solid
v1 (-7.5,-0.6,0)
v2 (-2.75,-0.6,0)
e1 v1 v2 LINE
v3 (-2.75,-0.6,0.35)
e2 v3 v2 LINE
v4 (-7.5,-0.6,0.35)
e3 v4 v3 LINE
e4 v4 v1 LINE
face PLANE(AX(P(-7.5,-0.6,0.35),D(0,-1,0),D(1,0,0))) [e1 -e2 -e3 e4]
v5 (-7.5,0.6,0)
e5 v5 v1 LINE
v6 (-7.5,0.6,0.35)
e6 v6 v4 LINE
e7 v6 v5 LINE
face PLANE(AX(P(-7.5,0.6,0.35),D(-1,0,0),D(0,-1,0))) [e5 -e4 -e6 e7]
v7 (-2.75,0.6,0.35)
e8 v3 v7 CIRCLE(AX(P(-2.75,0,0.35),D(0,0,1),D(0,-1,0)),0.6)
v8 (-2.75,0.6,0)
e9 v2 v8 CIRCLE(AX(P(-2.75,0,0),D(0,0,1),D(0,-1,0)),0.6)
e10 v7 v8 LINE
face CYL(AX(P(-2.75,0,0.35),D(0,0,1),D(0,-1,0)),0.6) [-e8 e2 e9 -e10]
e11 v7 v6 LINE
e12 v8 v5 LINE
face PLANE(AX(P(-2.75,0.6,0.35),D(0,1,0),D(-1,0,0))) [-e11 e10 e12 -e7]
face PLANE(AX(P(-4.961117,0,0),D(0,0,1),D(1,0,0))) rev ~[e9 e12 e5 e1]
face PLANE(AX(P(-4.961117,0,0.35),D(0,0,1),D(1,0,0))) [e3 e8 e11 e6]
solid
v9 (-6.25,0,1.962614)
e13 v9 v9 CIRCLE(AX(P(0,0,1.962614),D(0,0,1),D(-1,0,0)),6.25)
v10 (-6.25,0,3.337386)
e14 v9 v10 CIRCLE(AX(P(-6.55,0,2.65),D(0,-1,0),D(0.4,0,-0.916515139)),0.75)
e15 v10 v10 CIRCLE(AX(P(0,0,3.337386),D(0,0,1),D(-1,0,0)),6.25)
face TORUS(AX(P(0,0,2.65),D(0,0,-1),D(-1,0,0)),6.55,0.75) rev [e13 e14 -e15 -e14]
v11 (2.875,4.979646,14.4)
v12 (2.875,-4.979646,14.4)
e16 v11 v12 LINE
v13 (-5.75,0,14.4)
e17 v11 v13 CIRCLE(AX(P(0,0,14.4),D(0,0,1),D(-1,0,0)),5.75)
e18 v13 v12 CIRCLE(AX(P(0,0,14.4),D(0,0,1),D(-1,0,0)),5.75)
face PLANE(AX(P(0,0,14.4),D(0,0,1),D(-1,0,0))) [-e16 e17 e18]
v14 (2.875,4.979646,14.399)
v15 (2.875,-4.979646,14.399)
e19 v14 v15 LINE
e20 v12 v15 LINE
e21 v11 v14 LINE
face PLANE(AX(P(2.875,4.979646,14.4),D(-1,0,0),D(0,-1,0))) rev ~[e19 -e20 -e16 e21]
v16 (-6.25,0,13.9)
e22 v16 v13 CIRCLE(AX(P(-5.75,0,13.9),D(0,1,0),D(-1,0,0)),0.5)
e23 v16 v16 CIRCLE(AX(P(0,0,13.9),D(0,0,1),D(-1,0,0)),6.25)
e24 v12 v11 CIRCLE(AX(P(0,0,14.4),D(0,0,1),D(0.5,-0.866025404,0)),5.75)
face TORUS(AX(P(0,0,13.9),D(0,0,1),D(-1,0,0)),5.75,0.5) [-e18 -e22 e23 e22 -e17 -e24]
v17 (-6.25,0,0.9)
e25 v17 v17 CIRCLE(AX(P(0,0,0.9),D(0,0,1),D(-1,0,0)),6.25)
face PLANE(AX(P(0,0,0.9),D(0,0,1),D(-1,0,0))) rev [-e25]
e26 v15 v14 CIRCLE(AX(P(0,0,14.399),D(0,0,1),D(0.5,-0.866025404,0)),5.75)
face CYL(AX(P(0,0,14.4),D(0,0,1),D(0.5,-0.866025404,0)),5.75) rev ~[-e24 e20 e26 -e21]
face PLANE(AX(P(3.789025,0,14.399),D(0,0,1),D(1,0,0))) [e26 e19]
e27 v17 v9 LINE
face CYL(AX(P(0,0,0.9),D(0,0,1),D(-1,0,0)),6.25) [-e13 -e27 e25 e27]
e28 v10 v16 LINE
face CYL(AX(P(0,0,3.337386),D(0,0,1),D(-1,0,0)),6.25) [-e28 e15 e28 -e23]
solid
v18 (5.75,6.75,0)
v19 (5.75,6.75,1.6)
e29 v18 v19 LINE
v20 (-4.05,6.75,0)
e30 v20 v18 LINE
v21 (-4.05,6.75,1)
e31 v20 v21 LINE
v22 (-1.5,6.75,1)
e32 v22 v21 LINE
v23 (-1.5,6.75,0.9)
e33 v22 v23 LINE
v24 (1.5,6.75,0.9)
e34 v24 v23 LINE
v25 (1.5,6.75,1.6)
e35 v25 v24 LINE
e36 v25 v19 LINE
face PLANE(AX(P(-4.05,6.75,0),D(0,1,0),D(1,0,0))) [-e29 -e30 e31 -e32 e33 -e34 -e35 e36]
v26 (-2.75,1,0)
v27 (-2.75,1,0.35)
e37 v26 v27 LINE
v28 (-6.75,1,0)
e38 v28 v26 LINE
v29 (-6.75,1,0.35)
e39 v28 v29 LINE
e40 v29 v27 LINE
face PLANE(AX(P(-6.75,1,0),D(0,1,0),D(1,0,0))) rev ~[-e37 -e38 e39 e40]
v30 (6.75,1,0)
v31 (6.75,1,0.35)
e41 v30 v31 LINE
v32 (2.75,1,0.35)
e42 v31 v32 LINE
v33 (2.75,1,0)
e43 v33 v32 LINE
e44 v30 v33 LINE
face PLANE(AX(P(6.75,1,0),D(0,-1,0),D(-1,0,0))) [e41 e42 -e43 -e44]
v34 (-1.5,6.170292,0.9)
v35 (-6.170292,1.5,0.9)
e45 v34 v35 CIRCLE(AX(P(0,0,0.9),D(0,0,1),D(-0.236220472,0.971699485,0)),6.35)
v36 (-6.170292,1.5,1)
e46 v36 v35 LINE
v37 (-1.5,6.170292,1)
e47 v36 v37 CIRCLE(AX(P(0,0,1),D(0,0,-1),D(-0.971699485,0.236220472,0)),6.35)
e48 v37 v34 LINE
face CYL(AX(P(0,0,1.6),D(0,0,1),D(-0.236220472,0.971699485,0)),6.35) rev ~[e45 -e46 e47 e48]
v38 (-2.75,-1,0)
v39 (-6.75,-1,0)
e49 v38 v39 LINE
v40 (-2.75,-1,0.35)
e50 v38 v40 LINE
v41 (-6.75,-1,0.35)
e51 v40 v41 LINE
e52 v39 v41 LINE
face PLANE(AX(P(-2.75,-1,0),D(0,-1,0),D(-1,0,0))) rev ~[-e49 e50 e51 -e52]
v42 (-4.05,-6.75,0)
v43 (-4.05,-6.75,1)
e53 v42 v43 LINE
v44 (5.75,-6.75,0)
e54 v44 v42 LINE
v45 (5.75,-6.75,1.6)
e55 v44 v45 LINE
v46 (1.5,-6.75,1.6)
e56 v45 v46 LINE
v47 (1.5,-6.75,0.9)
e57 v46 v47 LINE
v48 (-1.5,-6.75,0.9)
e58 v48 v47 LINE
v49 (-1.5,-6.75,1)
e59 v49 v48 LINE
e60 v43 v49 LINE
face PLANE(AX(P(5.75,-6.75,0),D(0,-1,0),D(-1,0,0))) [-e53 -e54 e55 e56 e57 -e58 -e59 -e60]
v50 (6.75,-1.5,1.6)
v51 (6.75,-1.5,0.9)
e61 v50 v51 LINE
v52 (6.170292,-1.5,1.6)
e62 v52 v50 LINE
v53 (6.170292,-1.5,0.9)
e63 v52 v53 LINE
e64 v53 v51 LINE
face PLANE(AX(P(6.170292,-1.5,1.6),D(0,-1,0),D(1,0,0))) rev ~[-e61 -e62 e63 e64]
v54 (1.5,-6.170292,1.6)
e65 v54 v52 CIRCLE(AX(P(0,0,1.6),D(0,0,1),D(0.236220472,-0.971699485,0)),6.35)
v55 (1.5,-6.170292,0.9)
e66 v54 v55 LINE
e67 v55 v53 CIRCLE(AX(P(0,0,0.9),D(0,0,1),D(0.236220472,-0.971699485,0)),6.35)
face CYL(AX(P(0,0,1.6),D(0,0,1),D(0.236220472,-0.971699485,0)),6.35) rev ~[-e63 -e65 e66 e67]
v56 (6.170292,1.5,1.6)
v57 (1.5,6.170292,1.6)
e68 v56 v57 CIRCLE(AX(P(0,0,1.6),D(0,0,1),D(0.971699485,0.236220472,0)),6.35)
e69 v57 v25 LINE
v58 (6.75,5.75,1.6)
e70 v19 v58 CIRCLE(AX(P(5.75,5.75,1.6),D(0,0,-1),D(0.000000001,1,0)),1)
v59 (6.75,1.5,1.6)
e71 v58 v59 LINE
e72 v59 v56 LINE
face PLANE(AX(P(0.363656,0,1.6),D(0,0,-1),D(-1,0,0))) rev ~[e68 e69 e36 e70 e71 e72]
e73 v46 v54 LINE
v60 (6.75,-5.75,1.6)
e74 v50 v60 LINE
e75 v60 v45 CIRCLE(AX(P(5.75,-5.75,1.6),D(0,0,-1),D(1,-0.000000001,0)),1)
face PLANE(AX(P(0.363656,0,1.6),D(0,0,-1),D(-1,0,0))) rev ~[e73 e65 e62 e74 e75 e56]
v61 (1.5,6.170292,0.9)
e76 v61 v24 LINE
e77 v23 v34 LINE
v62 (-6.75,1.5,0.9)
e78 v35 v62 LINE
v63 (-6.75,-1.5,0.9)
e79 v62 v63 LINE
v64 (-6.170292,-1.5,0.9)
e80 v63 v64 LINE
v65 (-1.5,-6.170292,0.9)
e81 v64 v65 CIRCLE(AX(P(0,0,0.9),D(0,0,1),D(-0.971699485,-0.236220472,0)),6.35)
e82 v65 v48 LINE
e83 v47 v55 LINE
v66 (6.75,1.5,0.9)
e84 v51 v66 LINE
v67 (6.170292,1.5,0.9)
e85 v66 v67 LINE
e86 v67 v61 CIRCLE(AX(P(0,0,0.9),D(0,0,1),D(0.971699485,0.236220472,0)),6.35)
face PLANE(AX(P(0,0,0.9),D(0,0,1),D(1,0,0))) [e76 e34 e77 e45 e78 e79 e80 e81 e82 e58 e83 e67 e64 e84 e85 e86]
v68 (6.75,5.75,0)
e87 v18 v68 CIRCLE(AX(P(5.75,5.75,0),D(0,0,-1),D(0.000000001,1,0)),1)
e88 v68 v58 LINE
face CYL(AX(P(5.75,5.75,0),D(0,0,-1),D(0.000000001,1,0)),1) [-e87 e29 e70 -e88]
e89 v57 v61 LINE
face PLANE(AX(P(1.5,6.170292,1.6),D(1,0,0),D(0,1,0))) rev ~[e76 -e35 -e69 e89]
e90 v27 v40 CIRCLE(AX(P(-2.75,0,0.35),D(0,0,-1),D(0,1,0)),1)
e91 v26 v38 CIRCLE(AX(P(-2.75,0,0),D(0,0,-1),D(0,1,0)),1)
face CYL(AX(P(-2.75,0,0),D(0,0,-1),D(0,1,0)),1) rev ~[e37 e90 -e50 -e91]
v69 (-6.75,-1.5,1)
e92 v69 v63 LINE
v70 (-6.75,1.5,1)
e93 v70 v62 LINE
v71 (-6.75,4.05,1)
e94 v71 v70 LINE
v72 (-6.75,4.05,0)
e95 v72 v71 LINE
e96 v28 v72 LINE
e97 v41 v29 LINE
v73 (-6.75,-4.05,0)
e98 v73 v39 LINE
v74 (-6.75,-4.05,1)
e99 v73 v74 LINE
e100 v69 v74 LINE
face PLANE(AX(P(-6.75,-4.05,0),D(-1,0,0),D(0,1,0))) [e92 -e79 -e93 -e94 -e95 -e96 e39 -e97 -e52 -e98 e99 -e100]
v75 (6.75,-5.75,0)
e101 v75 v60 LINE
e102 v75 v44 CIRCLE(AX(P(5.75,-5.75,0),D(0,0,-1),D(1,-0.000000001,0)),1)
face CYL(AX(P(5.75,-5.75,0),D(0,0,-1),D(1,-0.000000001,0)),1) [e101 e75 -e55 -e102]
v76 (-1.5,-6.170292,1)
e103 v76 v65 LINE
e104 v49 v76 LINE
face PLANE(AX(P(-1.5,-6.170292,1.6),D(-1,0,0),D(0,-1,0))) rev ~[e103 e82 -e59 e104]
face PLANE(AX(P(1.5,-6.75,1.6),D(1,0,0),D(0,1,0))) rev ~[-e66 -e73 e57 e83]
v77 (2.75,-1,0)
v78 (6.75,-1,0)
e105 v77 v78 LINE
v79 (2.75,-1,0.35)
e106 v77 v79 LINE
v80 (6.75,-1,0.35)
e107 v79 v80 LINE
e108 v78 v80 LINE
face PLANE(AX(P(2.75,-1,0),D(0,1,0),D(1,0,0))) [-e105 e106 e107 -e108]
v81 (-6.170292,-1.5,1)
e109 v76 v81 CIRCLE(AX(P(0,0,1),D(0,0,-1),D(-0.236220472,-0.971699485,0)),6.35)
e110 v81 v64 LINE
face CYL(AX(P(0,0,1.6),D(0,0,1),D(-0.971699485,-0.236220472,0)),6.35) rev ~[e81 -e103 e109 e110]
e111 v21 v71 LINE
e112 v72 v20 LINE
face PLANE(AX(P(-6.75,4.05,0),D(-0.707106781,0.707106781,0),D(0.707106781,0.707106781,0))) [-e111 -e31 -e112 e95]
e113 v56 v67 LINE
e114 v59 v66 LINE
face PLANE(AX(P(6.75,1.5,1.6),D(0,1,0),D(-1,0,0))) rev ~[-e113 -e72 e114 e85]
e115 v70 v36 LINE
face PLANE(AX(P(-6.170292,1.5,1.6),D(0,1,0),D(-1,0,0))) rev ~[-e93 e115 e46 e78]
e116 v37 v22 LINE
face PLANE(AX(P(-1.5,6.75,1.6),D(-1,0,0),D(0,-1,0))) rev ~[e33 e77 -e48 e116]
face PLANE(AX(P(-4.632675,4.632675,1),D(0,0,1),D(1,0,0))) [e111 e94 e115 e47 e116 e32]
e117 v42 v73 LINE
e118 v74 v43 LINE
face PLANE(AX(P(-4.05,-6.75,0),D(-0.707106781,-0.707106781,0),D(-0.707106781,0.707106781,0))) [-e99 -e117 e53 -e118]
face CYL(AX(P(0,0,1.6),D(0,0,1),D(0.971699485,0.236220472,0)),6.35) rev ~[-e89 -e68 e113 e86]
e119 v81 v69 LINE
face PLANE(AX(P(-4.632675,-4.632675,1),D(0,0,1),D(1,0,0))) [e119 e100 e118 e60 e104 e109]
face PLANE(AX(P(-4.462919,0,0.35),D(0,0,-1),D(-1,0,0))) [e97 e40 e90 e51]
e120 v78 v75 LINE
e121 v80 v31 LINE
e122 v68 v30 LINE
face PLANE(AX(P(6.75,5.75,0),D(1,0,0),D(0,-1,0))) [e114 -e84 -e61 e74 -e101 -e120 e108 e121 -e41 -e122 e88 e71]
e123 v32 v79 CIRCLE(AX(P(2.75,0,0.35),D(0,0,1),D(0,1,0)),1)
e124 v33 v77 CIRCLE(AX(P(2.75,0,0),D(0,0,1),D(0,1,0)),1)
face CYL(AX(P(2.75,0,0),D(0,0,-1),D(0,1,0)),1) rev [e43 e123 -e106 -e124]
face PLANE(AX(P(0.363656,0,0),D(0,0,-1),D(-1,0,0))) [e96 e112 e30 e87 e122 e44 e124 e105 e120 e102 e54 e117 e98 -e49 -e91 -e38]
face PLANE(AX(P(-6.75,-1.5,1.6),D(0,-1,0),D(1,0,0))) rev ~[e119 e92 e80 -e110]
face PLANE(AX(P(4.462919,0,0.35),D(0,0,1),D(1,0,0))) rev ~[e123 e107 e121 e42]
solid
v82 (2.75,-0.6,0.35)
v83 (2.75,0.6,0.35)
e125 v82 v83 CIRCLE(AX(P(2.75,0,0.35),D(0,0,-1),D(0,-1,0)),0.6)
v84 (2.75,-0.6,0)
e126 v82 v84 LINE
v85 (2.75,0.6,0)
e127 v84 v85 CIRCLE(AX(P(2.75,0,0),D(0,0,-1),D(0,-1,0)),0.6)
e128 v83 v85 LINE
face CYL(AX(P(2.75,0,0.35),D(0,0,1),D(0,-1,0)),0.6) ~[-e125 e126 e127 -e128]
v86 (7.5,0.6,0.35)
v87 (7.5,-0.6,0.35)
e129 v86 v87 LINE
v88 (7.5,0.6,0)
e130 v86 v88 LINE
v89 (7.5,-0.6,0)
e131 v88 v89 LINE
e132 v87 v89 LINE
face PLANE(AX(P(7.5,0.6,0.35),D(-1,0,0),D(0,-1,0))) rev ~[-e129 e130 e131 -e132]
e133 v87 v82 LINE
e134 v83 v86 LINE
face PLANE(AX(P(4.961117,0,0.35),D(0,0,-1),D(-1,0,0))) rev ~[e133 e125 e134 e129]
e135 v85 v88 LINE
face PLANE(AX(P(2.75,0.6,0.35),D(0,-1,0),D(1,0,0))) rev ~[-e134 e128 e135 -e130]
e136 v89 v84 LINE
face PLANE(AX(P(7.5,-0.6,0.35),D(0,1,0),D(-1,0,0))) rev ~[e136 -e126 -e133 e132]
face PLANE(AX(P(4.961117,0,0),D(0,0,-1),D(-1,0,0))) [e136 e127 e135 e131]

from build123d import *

# Parameters (mm, degrees)
BOSS_EXTRUDE1_DEPTH   = 1.6
CUT_EXTRUDE1_DEPTH    = 0.7
CUT_EXTRUDE2_DEPTH    = 0.6
CUT_EXTRUDE4_DEPTH    = 0.35
FILLET1_R             = 0.5
CUT_EXTRUDE3_DEPTH    = 0.001
BOSS_EXTRUDE2_DEPTH   = 0.35
BOSS_EXTRUDE2_2_DEPTH = 0.35


with BuildPart() as part:
    # Sketch1 → Boss-Extrude1 (new body)
    with BuildSketch(Plane.XY):
        with BuildLine():
            Line((-6.75, 4.05), (-4.05, 6.75))
            Line((-4.05, 6.75), (5.75, 6.75))
            ThreePointArc((5.75, 6.75), (6.457106781, 6.457106781), (6.75, 5.75))
            Line((6.75, 5.75), (6.75, -5.75))
            ThreePointArc((6.75, -5.75), (6.457106781, -6.457106781), (5.75, -6.75))
            Line((5.75, -6.75), (-4.05, -6.75))
            Line((-4.05, -6.75), (-6.75, -4.05))
            Line((-6.75, -4.05), (-6.75, 4.05))
        make_face()
    extrude(amount=BOSS_EXTRUDE1_DEPTH)

    # Sketch2 → Cut-Extrude1 (cut)
    with BuildSketch(Plane.XY.offset(1.6)):
        with BuildLine():
            Line((-1.5, -6.75), (1.5, -6.75))
            Line((1.5, -6.75), (1.5, -6.170291727))
            ThreePointArc((1.5, -6.170291727), (4.490128061, -4.490128061), (6.170291727, -1.5))
            Line((6.170291727, -1.5), (6.75, -1.5))
            Line((6.75, -1.5), (6.75, 1.5))
            Line((6.75, 1.5), (6.170291727, 1.5))
            ThreePointArc((6.170291727, 1.5), (4.490128061, 4.490128061), (1.5, 6.170291727))
            Line((1.5, 6.170291727), (1.5, 6.75))
            Line((1.5, 6.75), (-1.5, 6.75))
            Line((-1.5, 6.75), (-1.5, 6.170291727))
            ThreePointArc((-1.5, 6.170291727), (-4.490128061, 4.490128061), (-6.170291727, 1.5))
            Line((-6.170291727, 1.5), (-6.75, 1.5))
            Line((-6.75, 1.5), (-6.75, -1.5))
            Line((-6.75, -1.5), (-6.170291727, -1.5))
            ThreePointArc((-6.170291727, -1.5), (-4.490128061, -4.490128061), (-1.5, -6.170291727))
            Line((-1.5, -6.170291727), (-1.5, -6.75))
        make_face()
    extrude(amount=-CUT_EXTRUDE1_DEPTH, mode=Mode.SUBTRACT)

    # Sketch3 → Cut-Extrude2 (cut)
    with BuildSketch(Plane.XY.offset(1.6)):
        with BuildLine():
            Line((-4.05, -6.75), (-1.5, -6.75))
            Line((-1.5, -6.75), (-1.5, -6.170291727))
            ThreePointArc((-1.5, -6.170291727), (-4.490128061, -4.490128061), (-6.170291727, -1.5))
            Line((-6.170291727, -1.5), (-6.75, -1.5))
            Line((-6.75, -1.5), (-6.75, -4.05))
            Line((-6.75, -4.05), (-4.05, -6.75))
        make_face()
        with BuildLine():
            Line((-6.75, 4.05), (-6.75, 1.5))
            Line((-6.75, 1.5), (-6.170291727, 1.5))
            ThreePointArc((-6.170291727, 1.5), (-4.490128061, 4.490128061), (-1.5, 6.170291727))
            Line((-1.5, 6.170291727), (-1.5, 6.75))
            Line((-1.5, 6.75), (-4.05, 6.75))
            Line((-4.05, 6.75), (-6.75, 4.05))
        make_face()
    extrude(amount=-CUT_EXTRUDE2_DEPTH, mode=Mode.SUBTRACT)

    # Sketch7 → Cut-Extrude4 (cut)
    with BuildSketch(Plane(origin=(0, 0, 0), x_dir=(-1, 0, 0), z_dir=(0, 0, -1))):
        with BuildLine():
            Line((-2.75, -1), (-6.75, -1))
            Line((-6.75, -1), (-6.75, 1))
            Line((-6.75, 1), (-2.75, 1))
            ThreePointArc((-2.75, 1), (-1.75, 0), (-2.75, -1))
        make_face()
        with BuildLine():
            Line((2.75, -1), (6.75, -1))
            Line((6.75, -1), (6.75, 1))
            Line((6.75, 1), (2.75, 1))
            ThreePointArc((2.75, 1), (1.75, 0), (2.75, -1))
        make_face()
    extrude(amount=-CUT_EXTRUDE4_DEPTH, mode=Mode.SUBTRACT)


with BuildPart() as body_2:
    # Sketch5 → Revolve1 (revolve)
    with BuildSketch(Plane(origin=(0, 0, 0), x_dir=(0, 0, -1), z_dir=(1, 0, 0)), mode=Mode.PRIVATE) as revolve1_sk:
        with BuildLine():
            Line((-0.9, -6.25), (-1.962613646, -6.25))
            ThreePointArc((-1.962613646, -6.25), (-2.65, -5.8), (-3.337386354, -6.25))
            Line((-3.337386354, -6.25), (-14.4, -6.25))
            Line((-14.4, -6.25), (-14.4, 0))
            Line((-14.4, 0), (-0.9, 0))
            Line((-0.9, 0), (-0.9, -6.25))
        make_face()
    revolve(revolve1_sk.sketch.rotate(Axis((0, 0, 0), (0, 0, 1)), 270), axis=Axis((0, 0, 0), (0, 0, 1)))

    # Fillet1
    fillet1_edges = [body_2.edges().sort_by_distance(p)[0] for p in [
        (6.25, 0, 14.4),
    ]]
    fillet(fillet1_edges, radius=FILLET1_R)

    # Sketch6 → Cut-Extrude3 (cut)
    with BuildSketch(Plane.XY.offset(14.4)):
        with BuildLine():
            Line((2.875, 4.979646072), (2.875, -4.979646072))
            ThreePointArc((2.875, -4.979646072), (5.75, 0), (2.875, 4.979646072))
        make_face()
    extrude(amount=-CUT_EXTRUDE3_DEPTH, mode=Mode.SUBTRACT)


with BuildPart() as body_3:
    # Sketch9 → Boss-Extrude2 (new body)
    with BuildSketch(Plane(origin=(0, 0, 0.35), x_dir=(-1, 0, 0), z_dir=(0, 0, -1))):
        with BuildLine():
            Line((7.5, 0.6), (7.5, -0.6))
            Line((7.5, -0.6), (2.75, -0.6))
            ThreePointArc((2.75, -0.6), (2.15, 0), (2.75, 0.6))
            Line((2.75, 0.6), (7.5, 0.6))
        make_face()
    extrude(amount=BOSS_EXTRUDE2_DEPTH)


with BuildPart() as body_4:
    # Sketch9 → Boss-Extrude2 2 (new body)
    with BuildSketch(Plane(origin=(0, 0, 0.35), x_dir=(-1, 0, 0), z_dir=(0, 0, -1))):
        with BuildLine():
            Line((-7.5, 0.6), (-7.5, -0.6))
            Line((-7.5, -0.6), (-2.75, -0.6))
            ThreePointArc((-2.75, -0.6), (-2.15, 0), (-2.75, 0.6))
            Line((-2.75, 0.6), (-7.5, 0.6))
        make_face()
    extrude(amount=BOSS_EXTRUDE2_2_DEPTH)


solid = Compound([part.part, body_2.part, body_3.part, body_4.part])
